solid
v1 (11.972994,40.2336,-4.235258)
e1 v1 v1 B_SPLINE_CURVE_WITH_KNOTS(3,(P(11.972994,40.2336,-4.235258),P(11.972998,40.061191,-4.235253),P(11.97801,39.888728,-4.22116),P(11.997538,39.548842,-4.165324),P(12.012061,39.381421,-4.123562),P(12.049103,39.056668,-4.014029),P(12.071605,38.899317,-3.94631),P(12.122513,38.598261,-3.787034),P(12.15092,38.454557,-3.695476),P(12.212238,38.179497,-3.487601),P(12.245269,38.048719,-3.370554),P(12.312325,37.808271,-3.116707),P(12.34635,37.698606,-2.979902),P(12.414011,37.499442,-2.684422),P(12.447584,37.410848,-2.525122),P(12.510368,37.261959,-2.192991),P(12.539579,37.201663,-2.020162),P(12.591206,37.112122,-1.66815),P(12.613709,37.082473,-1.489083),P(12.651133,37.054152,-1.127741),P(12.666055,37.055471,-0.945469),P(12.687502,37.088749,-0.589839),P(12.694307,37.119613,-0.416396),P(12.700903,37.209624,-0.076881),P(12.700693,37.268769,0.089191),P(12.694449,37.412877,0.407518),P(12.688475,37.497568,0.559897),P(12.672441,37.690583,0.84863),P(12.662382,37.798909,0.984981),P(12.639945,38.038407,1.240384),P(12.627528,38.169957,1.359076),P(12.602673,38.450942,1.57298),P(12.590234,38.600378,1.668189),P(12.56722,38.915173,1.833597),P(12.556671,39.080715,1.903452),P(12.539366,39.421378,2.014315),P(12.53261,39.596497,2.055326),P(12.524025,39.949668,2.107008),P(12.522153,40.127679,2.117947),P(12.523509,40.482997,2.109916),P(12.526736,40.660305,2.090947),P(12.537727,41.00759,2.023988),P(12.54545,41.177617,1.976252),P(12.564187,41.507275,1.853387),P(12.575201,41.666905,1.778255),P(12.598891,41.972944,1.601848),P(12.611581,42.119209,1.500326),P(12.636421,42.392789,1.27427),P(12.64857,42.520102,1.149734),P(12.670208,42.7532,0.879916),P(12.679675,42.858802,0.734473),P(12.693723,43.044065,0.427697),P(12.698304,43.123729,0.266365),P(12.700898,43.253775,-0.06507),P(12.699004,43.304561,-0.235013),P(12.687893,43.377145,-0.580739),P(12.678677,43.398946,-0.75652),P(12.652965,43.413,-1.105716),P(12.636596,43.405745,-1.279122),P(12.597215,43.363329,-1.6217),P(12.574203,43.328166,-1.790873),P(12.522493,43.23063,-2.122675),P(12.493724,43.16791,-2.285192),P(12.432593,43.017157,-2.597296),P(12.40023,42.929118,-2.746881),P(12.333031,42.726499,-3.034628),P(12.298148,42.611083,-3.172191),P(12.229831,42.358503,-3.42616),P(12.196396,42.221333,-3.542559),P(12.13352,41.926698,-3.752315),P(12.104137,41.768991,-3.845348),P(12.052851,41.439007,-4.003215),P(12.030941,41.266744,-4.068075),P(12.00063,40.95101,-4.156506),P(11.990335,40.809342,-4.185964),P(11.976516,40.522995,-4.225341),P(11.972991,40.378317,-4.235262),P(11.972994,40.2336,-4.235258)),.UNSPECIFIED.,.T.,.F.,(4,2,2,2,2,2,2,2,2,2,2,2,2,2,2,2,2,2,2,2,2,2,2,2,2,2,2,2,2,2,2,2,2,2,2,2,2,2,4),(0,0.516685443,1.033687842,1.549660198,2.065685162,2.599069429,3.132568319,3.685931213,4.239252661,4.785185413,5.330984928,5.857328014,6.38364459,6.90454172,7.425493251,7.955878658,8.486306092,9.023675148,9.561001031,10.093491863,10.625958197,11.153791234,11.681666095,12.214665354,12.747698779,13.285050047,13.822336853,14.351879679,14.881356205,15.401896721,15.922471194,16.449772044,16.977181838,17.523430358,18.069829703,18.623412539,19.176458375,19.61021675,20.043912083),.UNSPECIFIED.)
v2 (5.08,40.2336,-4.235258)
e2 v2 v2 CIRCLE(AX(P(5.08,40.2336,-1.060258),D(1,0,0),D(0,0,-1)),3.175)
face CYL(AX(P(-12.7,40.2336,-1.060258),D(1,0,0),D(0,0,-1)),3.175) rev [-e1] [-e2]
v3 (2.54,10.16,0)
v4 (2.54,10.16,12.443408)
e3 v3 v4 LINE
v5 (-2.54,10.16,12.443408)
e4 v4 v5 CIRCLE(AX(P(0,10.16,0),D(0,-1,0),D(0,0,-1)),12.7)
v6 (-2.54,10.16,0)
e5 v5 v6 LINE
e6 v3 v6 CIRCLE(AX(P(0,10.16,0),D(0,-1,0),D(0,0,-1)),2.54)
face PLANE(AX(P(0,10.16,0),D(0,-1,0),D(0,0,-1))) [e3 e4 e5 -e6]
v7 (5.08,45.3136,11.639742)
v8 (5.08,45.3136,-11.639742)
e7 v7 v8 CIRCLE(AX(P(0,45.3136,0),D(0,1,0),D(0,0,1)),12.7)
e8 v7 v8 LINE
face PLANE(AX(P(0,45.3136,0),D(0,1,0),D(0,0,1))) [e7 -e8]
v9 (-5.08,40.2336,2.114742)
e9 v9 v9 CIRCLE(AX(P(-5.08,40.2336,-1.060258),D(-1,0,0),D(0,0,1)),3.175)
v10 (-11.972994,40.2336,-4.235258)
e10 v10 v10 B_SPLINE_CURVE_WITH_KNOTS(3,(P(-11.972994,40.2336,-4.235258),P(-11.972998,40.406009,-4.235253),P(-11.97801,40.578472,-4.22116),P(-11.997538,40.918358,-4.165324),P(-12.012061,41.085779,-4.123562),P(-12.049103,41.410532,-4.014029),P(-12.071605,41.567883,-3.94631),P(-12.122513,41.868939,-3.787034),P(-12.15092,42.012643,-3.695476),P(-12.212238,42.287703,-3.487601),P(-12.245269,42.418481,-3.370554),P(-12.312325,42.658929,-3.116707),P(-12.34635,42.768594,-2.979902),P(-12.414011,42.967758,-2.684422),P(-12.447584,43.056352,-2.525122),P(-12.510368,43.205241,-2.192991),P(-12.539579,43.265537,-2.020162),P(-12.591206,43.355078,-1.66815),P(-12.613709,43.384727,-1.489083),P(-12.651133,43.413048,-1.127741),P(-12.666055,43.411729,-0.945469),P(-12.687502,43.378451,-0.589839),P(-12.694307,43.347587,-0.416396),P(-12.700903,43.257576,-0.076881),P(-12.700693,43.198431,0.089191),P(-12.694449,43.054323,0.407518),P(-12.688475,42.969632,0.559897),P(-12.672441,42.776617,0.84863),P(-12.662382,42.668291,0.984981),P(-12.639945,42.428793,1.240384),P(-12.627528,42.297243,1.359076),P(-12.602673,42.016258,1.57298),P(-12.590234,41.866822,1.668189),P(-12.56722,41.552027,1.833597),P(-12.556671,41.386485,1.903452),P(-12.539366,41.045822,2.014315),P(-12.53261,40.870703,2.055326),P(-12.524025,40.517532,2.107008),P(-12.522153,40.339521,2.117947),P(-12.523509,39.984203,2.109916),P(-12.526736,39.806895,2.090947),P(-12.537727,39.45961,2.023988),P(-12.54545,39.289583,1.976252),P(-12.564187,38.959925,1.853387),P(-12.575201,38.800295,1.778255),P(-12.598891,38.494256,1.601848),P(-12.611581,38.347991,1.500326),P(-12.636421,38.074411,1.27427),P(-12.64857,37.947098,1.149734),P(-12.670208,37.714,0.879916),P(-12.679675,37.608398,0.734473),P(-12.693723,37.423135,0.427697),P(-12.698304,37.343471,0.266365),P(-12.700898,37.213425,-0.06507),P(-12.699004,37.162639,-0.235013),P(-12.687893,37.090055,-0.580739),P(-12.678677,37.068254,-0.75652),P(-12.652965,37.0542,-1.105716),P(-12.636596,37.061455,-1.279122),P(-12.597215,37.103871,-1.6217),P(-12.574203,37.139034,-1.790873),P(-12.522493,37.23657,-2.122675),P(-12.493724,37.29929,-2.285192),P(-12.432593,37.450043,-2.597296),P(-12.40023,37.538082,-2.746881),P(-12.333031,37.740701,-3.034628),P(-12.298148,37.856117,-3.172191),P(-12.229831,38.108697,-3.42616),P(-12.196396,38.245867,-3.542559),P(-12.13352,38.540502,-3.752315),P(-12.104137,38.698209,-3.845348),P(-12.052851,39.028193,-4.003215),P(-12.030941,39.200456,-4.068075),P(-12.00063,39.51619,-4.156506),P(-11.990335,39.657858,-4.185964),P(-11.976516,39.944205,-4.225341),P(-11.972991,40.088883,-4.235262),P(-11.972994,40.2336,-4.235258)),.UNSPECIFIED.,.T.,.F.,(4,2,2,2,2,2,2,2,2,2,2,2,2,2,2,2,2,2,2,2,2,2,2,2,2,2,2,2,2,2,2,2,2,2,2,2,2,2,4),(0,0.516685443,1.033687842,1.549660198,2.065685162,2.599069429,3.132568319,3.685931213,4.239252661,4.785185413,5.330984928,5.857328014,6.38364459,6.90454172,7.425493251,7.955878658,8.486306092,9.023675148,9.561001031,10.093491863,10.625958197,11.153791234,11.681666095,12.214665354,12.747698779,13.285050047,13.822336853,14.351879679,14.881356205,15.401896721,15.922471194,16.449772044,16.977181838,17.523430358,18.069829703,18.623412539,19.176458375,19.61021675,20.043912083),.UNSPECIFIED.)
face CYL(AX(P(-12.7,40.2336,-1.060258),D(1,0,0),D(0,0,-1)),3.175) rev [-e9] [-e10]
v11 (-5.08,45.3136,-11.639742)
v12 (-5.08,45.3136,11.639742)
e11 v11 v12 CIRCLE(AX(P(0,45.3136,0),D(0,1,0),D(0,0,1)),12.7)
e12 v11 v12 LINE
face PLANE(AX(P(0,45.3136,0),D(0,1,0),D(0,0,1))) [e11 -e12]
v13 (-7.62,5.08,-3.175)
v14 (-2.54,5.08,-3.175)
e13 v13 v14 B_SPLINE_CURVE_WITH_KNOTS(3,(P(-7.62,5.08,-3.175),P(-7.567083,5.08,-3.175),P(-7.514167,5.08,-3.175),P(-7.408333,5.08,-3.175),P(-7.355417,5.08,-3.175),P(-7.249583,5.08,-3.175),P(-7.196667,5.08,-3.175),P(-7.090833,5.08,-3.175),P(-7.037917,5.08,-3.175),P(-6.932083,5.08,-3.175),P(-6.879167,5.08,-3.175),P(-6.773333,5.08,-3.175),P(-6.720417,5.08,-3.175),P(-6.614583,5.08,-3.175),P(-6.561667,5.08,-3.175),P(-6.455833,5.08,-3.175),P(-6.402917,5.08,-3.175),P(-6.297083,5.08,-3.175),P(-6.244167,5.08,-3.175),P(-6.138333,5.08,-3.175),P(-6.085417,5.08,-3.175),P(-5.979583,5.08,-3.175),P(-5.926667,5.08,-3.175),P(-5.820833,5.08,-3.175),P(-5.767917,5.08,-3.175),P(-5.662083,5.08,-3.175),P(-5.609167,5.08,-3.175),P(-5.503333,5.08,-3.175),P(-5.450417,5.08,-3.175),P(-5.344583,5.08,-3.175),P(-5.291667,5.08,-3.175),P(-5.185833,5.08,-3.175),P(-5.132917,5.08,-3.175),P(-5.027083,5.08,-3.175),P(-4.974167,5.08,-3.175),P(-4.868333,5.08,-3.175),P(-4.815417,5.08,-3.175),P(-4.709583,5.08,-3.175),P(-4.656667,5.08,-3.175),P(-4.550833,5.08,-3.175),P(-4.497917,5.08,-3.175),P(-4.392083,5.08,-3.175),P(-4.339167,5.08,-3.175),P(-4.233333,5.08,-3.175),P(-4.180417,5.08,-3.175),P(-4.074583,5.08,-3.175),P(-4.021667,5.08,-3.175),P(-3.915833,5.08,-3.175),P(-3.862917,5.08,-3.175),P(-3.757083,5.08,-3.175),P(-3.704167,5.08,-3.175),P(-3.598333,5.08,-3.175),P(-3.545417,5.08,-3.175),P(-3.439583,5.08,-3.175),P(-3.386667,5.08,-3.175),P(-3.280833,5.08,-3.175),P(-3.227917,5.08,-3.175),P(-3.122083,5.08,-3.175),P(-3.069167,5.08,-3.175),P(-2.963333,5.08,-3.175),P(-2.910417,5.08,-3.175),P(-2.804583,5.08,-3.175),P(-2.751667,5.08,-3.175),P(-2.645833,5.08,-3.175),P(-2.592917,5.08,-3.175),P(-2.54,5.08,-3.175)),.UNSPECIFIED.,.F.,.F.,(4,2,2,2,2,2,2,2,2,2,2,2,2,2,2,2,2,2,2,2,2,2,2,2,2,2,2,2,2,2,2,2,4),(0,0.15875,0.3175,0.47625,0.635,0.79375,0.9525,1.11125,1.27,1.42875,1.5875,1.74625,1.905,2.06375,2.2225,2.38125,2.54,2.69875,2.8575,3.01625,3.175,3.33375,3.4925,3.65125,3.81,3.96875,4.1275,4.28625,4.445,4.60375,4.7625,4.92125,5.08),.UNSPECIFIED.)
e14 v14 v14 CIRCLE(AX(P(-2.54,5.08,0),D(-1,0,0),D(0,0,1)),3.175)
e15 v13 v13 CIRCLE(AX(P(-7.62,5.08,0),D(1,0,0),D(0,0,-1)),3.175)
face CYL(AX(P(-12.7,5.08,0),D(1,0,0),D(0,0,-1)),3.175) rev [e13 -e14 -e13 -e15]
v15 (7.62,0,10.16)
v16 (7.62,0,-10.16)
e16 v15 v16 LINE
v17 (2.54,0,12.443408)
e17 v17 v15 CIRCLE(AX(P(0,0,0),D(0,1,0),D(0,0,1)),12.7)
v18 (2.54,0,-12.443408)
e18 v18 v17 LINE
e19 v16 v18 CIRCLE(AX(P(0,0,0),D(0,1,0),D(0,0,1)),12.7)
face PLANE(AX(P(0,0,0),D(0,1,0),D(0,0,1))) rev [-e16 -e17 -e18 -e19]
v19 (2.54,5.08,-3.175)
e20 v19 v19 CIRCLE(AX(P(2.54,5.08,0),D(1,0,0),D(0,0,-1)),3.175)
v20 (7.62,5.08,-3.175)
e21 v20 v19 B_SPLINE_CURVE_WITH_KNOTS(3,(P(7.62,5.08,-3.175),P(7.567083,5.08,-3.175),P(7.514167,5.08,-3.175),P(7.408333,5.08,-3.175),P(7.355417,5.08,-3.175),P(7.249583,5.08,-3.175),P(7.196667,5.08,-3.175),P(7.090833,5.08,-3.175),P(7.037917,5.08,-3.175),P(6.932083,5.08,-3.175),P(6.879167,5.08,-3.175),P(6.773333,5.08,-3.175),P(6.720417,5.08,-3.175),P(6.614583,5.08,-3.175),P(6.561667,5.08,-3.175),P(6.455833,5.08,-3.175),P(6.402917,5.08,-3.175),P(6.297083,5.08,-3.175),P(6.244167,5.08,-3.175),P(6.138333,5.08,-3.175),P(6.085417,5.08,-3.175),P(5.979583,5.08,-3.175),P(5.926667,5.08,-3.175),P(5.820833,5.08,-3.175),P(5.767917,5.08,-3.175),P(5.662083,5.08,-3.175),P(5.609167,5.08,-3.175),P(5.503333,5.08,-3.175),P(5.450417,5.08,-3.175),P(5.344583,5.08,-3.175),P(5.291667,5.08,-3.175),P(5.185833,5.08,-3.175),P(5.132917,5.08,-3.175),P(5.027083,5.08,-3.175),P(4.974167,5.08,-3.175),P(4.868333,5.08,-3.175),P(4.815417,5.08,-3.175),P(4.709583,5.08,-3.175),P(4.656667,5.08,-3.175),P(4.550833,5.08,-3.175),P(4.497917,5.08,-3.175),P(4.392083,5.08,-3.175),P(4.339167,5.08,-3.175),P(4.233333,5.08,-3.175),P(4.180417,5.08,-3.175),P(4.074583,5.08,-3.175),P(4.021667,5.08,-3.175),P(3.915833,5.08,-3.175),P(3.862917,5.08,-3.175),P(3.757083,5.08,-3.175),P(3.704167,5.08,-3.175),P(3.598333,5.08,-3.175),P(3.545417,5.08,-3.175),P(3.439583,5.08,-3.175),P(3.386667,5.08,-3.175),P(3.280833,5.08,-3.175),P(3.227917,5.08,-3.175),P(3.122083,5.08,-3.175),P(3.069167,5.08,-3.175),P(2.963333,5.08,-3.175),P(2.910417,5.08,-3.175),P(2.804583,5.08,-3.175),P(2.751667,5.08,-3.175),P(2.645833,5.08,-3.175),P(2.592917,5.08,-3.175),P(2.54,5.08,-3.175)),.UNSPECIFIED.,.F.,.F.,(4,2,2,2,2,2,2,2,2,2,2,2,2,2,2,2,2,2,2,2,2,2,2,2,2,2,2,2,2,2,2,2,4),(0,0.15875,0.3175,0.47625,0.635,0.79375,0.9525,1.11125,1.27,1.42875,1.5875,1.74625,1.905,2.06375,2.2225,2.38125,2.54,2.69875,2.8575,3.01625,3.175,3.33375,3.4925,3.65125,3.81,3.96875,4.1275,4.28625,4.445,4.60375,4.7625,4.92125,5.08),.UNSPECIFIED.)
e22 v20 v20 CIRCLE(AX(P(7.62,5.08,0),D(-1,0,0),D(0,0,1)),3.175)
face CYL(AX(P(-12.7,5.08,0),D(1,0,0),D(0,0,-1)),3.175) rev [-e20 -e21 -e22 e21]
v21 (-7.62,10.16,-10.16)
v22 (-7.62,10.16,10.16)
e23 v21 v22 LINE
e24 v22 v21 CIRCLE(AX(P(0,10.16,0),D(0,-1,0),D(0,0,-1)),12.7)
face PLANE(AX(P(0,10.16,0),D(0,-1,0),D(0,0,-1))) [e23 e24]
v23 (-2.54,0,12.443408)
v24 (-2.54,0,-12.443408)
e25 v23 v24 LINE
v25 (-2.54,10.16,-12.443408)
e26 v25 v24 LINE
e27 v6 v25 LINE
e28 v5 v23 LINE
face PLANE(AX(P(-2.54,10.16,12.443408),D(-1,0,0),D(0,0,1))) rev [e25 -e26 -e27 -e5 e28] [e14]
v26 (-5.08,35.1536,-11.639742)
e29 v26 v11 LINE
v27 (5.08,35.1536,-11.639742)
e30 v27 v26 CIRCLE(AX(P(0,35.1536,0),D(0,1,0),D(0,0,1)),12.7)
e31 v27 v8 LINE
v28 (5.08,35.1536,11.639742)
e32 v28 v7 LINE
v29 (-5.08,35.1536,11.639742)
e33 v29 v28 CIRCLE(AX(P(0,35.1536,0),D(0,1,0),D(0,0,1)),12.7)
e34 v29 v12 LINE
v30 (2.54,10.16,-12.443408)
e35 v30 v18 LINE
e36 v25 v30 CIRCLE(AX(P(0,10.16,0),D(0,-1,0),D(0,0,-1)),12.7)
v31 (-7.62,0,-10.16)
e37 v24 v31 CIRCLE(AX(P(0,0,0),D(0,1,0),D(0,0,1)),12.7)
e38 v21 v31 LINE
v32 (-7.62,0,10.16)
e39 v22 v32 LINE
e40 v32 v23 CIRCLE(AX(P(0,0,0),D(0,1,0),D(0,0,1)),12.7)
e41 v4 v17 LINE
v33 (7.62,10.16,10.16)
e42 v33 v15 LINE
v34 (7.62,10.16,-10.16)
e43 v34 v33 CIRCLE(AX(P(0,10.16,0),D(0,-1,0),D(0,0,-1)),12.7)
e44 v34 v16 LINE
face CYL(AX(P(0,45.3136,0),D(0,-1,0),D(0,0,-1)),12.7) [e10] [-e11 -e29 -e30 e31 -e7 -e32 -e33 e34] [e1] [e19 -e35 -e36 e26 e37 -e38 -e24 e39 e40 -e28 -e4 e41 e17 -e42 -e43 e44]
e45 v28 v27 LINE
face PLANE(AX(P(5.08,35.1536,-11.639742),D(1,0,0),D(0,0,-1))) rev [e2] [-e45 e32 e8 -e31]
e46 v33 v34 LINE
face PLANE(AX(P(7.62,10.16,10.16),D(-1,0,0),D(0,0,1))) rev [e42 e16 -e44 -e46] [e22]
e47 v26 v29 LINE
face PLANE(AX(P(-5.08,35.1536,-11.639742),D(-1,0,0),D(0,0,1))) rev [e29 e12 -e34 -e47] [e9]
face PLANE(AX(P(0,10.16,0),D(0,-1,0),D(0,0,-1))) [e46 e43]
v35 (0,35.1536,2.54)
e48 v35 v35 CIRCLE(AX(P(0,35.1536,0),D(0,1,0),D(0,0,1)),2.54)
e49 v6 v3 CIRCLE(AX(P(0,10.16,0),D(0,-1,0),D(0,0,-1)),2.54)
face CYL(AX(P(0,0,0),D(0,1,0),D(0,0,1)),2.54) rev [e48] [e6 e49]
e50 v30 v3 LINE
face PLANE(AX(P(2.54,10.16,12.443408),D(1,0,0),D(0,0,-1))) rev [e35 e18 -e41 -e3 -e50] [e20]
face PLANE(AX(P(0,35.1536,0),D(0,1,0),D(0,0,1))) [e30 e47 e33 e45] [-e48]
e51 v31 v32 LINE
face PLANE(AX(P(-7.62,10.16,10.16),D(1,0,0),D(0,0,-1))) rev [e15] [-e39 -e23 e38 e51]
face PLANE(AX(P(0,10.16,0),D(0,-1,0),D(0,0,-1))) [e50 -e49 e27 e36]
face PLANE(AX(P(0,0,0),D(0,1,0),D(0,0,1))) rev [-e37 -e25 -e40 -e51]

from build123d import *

# Parameters (mm, degrees)
SKETCH1_R               = 12.7
BOSS_EXTRUDE1_DEPTH     = 45.3136
CUT_EXTRUDE1_START      = -10.16
CUT_EXTRUDE1_DEPTH      = 10.16
CUT_EXTRUDE2_DEPTH      = 10.16
CUT_EXTRUDE3_DEPTH      = 51.306468222
CUT_EXTRUDE3_DEPTH_BACK = 51.306468222
SKETCH4_R               = 3.175
SKETCH5_R               = 2.54
CUT_EXTRUDE4_DEPTH      = 40.476013035


with BuildPart() as part:
    # Sketch1 → Boss-Extrude1 (new body)
    with BuildSketch(Plane(origin=(0, 0, 0), x_dir=(1, 0, 0), z_dir=(0, 1, 0))):
        with Locations(Location((0, 0, 0), (0, 0, 90))):
            Circle(SKETCH1_R)
    extrude(amount=BOSS_EXTRUDE1_DEPTH)

    # Sketch2 → Cut-Extrude1 (cut)
    with BuildSketch(Plane(origin=(0, 45.3136, 0), x_dir=(1, 0, 0), z_dir=(0, 1, 0)).offset(CUT_EXTRUDE1_START)):
        with BuildLine():
            Line((5.08, 11.639742265), (5.08, -11.639742265))
            ThreePointArc((5.08, -11.639742265), (0, -12.7), (-5.08, -11.639742265))
            Line((-5.08, -11.639742265), (-5.08, 11.639742265))
            ThreePointArc((-5.08, 11.639742265), (0, 12.7), (5.08, 11.639742265))
        make_face()
    extrude(amount=CUT_EXTRUDE1_DEPTH, mode=Mode.SUBTRACT)

    # Sketch3 → Cut-Extrude2 (cut)
    with BuildSketch(Plane.XZ):
        with BuildLine():
            Line((-2.54, 12.443407893), (-2.54, -12.443407893))
            ThreePointArc((-2.54, -12.443407893), (0, -12.7), (2.54, -12.443407893))
            Line((2.54, -12.443407893), (2.54, 12.443407893))
            ThreePointArc((2.54, 12.443407893), (0, 12.7), (-2.54, 12.443407893))
        make_face()
        with BuildLine():
            Line((-7.62, 10.16), (-7.62, -10.16))
            ThreePointArc((-7.62, -10.16), (-12.7, 0), (-7.62, 10.16))
        make_face()
        with BuildLine():
            Line((7.62, 10.16), (7.62, -10.16))
            ThreePointArc((7.62, -10.16), (12.7, 0), (7.62, 10.16))
        make_face()
    extrude(amount=-CUT_EXTRUDE2_DEPTH, mode=Mode.SUBTRACT)

    # Sketch4 → Cut-Extrude3 (cut, two sides: drawn at the far end of the back side and taken through both)
    with BuildSketch(Plane(origin=(-5.08, 0, 0), x_dir=(0, 0, -1), z_dir=(1, 0, 0)).offset(-CUT_EXTRUDE3_DEPTH_BACK)):
        with Locations((1.060257735, 40.2336)):
            Circle(SKETCH4_R)
        with Locations((0, 5.08)):
            Circle(SKETCH4_R)
    extrude(amount=CUT_EXTRUDE3_DEPTH + CUT_EXTRUDE3_DEPTH_BACK, mode=Mode.SUBTRACT)

    # Sketch5 → Cut-Extrude4 (cut, through all)
    with BuildSketch(Plane(origin=(0, 35.1536, 0), x_dir=(1, 0, 0), z_dir=(0, 1, 0))):
        with Locations(Location((0, 0, 0), (0, 0, 270))):
            Circle(SKETCH5_R)
    extrude(amount=-CUT_EXTRUDE4_DEPTH, mode=Mode.SUBTRACT)


solid = part.part
